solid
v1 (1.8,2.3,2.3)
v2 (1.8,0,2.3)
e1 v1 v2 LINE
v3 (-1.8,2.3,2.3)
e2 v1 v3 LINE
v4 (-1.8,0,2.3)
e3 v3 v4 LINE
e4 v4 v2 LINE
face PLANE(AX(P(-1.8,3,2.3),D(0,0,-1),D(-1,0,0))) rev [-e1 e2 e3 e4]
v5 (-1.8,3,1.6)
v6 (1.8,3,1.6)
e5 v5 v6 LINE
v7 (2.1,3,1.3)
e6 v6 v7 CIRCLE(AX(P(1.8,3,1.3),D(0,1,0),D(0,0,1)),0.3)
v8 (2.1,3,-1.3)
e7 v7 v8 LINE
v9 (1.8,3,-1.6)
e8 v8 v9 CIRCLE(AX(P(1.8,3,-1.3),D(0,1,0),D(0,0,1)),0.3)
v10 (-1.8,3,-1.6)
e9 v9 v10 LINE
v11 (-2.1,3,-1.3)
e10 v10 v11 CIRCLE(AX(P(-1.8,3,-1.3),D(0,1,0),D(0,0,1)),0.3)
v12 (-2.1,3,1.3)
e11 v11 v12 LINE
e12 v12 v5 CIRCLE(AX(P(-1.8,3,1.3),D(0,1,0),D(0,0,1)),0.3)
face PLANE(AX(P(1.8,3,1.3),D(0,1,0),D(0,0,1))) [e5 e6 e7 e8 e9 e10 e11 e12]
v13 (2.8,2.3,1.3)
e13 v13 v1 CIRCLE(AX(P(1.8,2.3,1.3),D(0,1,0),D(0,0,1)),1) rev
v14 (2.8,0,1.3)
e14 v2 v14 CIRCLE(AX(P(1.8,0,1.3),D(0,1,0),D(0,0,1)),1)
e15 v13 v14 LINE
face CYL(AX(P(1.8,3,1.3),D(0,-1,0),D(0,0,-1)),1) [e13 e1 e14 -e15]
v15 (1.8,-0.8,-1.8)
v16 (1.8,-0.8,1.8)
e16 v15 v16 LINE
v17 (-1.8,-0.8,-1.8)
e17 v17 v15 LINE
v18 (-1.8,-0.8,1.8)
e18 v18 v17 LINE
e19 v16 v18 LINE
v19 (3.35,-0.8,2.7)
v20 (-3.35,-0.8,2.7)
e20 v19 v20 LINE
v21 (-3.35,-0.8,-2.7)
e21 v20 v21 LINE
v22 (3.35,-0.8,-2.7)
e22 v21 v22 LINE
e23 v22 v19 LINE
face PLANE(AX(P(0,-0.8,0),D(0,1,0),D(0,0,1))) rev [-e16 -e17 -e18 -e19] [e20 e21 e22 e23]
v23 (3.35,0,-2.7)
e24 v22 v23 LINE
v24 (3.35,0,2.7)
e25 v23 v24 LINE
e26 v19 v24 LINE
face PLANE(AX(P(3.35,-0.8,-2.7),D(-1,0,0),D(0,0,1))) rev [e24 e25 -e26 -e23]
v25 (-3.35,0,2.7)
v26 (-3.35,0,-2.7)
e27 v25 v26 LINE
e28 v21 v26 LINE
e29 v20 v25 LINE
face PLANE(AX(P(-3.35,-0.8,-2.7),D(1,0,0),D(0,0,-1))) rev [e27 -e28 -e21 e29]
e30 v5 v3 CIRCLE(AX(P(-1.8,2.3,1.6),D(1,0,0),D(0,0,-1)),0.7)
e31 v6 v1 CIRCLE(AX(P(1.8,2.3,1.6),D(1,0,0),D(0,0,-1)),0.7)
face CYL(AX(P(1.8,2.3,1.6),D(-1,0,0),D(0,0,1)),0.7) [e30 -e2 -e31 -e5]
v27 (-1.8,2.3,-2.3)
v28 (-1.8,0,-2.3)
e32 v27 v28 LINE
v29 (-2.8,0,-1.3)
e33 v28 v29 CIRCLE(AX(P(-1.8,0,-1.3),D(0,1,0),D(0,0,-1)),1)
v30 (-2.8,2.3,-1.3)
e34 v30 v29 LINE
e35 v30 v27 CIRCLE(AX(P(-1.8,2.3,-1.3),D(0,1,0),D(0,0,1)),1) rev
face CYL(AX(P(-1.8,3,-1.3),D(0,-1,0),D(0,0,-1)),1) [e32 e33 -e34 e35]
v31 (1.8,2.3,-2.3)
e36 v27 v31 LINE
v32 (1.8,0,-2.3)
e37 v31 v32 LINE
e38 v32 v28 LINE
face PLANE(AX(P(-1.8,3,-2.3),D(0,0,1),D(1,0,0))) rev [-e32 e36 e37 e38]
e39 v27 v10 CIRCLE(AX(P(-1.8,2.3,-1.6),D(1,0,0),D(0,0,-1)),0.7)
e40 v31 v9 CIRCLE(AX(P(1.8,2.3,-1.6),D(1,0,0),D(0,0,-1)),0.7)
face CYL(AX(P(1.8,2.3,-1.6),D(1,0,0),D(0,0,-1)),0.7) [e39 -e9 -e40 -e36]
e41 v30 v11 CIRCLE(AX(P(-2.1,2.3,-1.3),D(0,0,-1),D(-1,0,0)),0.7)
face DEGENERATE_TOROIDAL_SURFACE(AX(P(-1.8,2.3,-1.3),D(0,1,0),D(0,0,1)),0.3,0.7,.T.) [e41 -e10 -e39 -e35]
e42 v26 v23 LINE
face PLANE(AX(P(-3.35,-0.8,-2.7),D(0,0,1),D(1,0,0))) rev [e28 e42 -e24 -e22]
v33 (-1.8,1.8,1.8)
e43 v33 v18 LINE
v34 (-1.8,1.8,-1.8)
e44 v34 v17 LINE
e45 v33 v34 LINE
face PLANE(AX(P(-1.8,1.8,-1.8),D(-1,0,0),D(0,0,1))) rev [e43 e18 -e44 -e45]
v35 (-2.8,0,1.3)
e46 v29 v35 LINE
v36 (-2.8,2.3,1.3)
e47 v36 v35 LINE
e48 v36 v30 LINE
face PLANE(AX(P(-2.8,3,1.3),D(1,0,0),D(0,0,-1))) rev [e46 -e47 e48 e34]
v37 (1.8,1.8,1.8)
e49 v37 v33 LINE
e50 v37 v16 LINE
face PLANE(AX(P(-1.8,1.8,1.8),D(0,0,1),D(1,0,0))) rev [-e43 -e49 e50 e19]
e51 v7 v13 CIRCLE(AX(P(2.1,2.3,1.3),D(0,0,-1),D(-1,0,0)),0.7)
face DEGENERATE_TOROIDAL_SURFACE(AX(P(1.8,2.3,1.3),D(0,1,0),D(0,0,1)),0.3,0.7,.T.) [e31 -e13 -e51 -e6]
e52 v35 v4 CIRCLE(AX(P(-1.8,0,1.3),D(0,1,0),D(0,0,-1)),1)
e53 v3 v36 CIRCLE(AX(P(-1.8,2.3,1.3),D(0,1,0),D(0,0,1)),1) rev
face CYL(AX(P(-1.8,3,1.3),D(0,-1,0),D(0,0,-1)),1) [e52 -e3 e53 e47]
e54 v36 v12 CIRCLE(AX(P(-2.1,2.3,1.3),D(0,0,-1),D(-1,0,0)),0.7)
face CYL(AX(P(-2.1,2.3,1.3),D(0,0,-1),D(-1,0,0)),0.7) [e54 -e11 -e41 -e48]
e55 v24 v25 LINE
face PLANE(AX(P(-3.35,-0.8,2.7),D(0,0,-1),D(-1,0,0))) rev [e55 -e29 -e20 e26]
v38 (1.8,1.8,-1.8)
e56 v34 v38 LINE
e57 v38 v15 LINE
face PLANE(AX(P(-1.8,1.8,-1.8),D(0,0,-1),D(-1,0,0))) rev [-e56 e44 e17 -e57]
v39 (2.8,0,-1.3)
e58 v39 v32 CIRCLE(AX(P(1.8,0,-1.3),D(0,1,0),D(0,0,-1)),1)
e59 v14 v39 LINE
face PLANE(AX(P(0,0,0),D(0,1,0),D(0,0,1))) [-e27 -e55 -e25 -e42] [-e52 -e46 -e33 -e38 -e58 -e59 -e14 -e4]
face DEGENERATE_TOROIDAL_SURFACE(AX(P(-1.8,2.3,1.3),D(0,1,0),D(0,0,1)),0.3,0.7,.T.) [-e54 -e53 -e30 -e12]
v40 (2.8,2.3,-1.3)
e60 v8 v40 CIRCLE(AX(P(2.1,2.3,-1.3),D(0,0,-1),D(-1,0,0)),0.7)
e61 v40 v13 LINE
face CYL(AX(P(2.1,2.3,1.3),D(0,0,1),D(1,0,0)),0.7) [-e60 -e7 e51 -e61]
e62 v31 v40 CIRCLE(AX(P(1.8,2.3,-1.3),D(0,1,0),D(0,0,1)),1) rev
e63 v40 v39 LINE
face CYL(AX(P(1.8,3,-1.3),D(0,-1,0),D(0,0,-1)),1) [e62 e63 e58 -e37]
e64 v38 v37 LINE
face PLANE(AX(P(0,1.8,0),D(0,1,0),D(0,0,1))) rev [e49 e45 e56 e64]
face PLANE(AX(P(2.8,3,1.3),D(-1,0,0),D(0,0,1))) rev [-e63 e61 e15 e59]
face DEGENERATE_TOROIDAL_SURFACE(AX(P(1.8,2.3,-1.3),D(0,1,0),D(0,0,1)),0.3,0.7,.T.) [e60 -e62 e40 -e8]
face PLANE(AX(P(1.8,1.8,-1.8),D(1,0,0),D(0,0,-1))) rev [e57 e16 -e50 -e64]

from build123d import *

# Parameters (mm, degrees)
EXTRUDE_335_DEPTH     = 3
SKETCH_2_W            = 6.7
SKETCH_2_H            = 5.4
EXTRUDE_569_DEPTH     = 0.8
SKETCH_3_W            = 3.6
SKETCH_3_H            = 3.6
CUT_EXTRUDE_834_DEPTH = 2.6
FILLET_1_R            = 0.7


with BuildPart() as part:
    # 草图1 → Extrude 335 (new body)
    with BuildSketch(Plane(origin=(0, 0, 0), x_dir=(1, 0, 0), z_dir=(0, 1, 0))):
        with BuildLine():
            Line((-1.8, -2.3), (1.8, -2.3))
            ThreePointArc((1.8, -2.3), (2.507106781, -2.007106781), (2.8, -1.3))
            Line((2.8, -1.3), (2.8, 1.3))
            ThreePointArc((2.8, 1.3), (2.507106781, 2.007106781), (1.8, 2.3))
            Line((1.8, 2.3), (-1.8, 2.3))
            ThreePointArc((-1.8, 2.3), (-2.507106781, 2.007106781), (-2.8, 1.3))
            Line((-2.8, 1.3), (-2.8, -1.3))
            ThreePointArc((-2.8, -1.3), (-2.507106781, -2.007106781), (-1.8, -2.3))
        make_face()
    extrude(amount=EXTRUDE_335_DEPTH)

    # 草图2 → Extrude 569 (add)
    with BuildSketch(Plane.XZ):
        Rectangle(SKETCH_2_W, SKETCH_2_H)
    extrude(amount=EXTRUDE_569_DEPTH)

    # 草图3 → Cut-Extrude 834 (cut)
    with BuildSketch(Plane.XZ.offset(0.8)):
        Rectangle(SKETCH_3_W, SKETCH_3_H)
    extrude(amount=-CUT_EXTRUDE_834_DEPTH, mode=Mode.SUBTRACT)

    # 圆角1
    fillet_1_edges = [part.edges().sort_by_distance(p)[0] for p in [
        (2.507106781, 3, -2.007106781),
        (0, 3, -2.3),
        (-2.507106781, 3, -2.007106781),
        (-2.8, 3, 0),
        (-2.507106781, 3, 2.007106781),
        (0, 3, 2.3),
        (2.507106781, 3, 2.007106781),
        (2.8, 3, 0),
    ]]
    fillet(fillet_1_edges, radius=FILLET_1_R)


solid = part.part
